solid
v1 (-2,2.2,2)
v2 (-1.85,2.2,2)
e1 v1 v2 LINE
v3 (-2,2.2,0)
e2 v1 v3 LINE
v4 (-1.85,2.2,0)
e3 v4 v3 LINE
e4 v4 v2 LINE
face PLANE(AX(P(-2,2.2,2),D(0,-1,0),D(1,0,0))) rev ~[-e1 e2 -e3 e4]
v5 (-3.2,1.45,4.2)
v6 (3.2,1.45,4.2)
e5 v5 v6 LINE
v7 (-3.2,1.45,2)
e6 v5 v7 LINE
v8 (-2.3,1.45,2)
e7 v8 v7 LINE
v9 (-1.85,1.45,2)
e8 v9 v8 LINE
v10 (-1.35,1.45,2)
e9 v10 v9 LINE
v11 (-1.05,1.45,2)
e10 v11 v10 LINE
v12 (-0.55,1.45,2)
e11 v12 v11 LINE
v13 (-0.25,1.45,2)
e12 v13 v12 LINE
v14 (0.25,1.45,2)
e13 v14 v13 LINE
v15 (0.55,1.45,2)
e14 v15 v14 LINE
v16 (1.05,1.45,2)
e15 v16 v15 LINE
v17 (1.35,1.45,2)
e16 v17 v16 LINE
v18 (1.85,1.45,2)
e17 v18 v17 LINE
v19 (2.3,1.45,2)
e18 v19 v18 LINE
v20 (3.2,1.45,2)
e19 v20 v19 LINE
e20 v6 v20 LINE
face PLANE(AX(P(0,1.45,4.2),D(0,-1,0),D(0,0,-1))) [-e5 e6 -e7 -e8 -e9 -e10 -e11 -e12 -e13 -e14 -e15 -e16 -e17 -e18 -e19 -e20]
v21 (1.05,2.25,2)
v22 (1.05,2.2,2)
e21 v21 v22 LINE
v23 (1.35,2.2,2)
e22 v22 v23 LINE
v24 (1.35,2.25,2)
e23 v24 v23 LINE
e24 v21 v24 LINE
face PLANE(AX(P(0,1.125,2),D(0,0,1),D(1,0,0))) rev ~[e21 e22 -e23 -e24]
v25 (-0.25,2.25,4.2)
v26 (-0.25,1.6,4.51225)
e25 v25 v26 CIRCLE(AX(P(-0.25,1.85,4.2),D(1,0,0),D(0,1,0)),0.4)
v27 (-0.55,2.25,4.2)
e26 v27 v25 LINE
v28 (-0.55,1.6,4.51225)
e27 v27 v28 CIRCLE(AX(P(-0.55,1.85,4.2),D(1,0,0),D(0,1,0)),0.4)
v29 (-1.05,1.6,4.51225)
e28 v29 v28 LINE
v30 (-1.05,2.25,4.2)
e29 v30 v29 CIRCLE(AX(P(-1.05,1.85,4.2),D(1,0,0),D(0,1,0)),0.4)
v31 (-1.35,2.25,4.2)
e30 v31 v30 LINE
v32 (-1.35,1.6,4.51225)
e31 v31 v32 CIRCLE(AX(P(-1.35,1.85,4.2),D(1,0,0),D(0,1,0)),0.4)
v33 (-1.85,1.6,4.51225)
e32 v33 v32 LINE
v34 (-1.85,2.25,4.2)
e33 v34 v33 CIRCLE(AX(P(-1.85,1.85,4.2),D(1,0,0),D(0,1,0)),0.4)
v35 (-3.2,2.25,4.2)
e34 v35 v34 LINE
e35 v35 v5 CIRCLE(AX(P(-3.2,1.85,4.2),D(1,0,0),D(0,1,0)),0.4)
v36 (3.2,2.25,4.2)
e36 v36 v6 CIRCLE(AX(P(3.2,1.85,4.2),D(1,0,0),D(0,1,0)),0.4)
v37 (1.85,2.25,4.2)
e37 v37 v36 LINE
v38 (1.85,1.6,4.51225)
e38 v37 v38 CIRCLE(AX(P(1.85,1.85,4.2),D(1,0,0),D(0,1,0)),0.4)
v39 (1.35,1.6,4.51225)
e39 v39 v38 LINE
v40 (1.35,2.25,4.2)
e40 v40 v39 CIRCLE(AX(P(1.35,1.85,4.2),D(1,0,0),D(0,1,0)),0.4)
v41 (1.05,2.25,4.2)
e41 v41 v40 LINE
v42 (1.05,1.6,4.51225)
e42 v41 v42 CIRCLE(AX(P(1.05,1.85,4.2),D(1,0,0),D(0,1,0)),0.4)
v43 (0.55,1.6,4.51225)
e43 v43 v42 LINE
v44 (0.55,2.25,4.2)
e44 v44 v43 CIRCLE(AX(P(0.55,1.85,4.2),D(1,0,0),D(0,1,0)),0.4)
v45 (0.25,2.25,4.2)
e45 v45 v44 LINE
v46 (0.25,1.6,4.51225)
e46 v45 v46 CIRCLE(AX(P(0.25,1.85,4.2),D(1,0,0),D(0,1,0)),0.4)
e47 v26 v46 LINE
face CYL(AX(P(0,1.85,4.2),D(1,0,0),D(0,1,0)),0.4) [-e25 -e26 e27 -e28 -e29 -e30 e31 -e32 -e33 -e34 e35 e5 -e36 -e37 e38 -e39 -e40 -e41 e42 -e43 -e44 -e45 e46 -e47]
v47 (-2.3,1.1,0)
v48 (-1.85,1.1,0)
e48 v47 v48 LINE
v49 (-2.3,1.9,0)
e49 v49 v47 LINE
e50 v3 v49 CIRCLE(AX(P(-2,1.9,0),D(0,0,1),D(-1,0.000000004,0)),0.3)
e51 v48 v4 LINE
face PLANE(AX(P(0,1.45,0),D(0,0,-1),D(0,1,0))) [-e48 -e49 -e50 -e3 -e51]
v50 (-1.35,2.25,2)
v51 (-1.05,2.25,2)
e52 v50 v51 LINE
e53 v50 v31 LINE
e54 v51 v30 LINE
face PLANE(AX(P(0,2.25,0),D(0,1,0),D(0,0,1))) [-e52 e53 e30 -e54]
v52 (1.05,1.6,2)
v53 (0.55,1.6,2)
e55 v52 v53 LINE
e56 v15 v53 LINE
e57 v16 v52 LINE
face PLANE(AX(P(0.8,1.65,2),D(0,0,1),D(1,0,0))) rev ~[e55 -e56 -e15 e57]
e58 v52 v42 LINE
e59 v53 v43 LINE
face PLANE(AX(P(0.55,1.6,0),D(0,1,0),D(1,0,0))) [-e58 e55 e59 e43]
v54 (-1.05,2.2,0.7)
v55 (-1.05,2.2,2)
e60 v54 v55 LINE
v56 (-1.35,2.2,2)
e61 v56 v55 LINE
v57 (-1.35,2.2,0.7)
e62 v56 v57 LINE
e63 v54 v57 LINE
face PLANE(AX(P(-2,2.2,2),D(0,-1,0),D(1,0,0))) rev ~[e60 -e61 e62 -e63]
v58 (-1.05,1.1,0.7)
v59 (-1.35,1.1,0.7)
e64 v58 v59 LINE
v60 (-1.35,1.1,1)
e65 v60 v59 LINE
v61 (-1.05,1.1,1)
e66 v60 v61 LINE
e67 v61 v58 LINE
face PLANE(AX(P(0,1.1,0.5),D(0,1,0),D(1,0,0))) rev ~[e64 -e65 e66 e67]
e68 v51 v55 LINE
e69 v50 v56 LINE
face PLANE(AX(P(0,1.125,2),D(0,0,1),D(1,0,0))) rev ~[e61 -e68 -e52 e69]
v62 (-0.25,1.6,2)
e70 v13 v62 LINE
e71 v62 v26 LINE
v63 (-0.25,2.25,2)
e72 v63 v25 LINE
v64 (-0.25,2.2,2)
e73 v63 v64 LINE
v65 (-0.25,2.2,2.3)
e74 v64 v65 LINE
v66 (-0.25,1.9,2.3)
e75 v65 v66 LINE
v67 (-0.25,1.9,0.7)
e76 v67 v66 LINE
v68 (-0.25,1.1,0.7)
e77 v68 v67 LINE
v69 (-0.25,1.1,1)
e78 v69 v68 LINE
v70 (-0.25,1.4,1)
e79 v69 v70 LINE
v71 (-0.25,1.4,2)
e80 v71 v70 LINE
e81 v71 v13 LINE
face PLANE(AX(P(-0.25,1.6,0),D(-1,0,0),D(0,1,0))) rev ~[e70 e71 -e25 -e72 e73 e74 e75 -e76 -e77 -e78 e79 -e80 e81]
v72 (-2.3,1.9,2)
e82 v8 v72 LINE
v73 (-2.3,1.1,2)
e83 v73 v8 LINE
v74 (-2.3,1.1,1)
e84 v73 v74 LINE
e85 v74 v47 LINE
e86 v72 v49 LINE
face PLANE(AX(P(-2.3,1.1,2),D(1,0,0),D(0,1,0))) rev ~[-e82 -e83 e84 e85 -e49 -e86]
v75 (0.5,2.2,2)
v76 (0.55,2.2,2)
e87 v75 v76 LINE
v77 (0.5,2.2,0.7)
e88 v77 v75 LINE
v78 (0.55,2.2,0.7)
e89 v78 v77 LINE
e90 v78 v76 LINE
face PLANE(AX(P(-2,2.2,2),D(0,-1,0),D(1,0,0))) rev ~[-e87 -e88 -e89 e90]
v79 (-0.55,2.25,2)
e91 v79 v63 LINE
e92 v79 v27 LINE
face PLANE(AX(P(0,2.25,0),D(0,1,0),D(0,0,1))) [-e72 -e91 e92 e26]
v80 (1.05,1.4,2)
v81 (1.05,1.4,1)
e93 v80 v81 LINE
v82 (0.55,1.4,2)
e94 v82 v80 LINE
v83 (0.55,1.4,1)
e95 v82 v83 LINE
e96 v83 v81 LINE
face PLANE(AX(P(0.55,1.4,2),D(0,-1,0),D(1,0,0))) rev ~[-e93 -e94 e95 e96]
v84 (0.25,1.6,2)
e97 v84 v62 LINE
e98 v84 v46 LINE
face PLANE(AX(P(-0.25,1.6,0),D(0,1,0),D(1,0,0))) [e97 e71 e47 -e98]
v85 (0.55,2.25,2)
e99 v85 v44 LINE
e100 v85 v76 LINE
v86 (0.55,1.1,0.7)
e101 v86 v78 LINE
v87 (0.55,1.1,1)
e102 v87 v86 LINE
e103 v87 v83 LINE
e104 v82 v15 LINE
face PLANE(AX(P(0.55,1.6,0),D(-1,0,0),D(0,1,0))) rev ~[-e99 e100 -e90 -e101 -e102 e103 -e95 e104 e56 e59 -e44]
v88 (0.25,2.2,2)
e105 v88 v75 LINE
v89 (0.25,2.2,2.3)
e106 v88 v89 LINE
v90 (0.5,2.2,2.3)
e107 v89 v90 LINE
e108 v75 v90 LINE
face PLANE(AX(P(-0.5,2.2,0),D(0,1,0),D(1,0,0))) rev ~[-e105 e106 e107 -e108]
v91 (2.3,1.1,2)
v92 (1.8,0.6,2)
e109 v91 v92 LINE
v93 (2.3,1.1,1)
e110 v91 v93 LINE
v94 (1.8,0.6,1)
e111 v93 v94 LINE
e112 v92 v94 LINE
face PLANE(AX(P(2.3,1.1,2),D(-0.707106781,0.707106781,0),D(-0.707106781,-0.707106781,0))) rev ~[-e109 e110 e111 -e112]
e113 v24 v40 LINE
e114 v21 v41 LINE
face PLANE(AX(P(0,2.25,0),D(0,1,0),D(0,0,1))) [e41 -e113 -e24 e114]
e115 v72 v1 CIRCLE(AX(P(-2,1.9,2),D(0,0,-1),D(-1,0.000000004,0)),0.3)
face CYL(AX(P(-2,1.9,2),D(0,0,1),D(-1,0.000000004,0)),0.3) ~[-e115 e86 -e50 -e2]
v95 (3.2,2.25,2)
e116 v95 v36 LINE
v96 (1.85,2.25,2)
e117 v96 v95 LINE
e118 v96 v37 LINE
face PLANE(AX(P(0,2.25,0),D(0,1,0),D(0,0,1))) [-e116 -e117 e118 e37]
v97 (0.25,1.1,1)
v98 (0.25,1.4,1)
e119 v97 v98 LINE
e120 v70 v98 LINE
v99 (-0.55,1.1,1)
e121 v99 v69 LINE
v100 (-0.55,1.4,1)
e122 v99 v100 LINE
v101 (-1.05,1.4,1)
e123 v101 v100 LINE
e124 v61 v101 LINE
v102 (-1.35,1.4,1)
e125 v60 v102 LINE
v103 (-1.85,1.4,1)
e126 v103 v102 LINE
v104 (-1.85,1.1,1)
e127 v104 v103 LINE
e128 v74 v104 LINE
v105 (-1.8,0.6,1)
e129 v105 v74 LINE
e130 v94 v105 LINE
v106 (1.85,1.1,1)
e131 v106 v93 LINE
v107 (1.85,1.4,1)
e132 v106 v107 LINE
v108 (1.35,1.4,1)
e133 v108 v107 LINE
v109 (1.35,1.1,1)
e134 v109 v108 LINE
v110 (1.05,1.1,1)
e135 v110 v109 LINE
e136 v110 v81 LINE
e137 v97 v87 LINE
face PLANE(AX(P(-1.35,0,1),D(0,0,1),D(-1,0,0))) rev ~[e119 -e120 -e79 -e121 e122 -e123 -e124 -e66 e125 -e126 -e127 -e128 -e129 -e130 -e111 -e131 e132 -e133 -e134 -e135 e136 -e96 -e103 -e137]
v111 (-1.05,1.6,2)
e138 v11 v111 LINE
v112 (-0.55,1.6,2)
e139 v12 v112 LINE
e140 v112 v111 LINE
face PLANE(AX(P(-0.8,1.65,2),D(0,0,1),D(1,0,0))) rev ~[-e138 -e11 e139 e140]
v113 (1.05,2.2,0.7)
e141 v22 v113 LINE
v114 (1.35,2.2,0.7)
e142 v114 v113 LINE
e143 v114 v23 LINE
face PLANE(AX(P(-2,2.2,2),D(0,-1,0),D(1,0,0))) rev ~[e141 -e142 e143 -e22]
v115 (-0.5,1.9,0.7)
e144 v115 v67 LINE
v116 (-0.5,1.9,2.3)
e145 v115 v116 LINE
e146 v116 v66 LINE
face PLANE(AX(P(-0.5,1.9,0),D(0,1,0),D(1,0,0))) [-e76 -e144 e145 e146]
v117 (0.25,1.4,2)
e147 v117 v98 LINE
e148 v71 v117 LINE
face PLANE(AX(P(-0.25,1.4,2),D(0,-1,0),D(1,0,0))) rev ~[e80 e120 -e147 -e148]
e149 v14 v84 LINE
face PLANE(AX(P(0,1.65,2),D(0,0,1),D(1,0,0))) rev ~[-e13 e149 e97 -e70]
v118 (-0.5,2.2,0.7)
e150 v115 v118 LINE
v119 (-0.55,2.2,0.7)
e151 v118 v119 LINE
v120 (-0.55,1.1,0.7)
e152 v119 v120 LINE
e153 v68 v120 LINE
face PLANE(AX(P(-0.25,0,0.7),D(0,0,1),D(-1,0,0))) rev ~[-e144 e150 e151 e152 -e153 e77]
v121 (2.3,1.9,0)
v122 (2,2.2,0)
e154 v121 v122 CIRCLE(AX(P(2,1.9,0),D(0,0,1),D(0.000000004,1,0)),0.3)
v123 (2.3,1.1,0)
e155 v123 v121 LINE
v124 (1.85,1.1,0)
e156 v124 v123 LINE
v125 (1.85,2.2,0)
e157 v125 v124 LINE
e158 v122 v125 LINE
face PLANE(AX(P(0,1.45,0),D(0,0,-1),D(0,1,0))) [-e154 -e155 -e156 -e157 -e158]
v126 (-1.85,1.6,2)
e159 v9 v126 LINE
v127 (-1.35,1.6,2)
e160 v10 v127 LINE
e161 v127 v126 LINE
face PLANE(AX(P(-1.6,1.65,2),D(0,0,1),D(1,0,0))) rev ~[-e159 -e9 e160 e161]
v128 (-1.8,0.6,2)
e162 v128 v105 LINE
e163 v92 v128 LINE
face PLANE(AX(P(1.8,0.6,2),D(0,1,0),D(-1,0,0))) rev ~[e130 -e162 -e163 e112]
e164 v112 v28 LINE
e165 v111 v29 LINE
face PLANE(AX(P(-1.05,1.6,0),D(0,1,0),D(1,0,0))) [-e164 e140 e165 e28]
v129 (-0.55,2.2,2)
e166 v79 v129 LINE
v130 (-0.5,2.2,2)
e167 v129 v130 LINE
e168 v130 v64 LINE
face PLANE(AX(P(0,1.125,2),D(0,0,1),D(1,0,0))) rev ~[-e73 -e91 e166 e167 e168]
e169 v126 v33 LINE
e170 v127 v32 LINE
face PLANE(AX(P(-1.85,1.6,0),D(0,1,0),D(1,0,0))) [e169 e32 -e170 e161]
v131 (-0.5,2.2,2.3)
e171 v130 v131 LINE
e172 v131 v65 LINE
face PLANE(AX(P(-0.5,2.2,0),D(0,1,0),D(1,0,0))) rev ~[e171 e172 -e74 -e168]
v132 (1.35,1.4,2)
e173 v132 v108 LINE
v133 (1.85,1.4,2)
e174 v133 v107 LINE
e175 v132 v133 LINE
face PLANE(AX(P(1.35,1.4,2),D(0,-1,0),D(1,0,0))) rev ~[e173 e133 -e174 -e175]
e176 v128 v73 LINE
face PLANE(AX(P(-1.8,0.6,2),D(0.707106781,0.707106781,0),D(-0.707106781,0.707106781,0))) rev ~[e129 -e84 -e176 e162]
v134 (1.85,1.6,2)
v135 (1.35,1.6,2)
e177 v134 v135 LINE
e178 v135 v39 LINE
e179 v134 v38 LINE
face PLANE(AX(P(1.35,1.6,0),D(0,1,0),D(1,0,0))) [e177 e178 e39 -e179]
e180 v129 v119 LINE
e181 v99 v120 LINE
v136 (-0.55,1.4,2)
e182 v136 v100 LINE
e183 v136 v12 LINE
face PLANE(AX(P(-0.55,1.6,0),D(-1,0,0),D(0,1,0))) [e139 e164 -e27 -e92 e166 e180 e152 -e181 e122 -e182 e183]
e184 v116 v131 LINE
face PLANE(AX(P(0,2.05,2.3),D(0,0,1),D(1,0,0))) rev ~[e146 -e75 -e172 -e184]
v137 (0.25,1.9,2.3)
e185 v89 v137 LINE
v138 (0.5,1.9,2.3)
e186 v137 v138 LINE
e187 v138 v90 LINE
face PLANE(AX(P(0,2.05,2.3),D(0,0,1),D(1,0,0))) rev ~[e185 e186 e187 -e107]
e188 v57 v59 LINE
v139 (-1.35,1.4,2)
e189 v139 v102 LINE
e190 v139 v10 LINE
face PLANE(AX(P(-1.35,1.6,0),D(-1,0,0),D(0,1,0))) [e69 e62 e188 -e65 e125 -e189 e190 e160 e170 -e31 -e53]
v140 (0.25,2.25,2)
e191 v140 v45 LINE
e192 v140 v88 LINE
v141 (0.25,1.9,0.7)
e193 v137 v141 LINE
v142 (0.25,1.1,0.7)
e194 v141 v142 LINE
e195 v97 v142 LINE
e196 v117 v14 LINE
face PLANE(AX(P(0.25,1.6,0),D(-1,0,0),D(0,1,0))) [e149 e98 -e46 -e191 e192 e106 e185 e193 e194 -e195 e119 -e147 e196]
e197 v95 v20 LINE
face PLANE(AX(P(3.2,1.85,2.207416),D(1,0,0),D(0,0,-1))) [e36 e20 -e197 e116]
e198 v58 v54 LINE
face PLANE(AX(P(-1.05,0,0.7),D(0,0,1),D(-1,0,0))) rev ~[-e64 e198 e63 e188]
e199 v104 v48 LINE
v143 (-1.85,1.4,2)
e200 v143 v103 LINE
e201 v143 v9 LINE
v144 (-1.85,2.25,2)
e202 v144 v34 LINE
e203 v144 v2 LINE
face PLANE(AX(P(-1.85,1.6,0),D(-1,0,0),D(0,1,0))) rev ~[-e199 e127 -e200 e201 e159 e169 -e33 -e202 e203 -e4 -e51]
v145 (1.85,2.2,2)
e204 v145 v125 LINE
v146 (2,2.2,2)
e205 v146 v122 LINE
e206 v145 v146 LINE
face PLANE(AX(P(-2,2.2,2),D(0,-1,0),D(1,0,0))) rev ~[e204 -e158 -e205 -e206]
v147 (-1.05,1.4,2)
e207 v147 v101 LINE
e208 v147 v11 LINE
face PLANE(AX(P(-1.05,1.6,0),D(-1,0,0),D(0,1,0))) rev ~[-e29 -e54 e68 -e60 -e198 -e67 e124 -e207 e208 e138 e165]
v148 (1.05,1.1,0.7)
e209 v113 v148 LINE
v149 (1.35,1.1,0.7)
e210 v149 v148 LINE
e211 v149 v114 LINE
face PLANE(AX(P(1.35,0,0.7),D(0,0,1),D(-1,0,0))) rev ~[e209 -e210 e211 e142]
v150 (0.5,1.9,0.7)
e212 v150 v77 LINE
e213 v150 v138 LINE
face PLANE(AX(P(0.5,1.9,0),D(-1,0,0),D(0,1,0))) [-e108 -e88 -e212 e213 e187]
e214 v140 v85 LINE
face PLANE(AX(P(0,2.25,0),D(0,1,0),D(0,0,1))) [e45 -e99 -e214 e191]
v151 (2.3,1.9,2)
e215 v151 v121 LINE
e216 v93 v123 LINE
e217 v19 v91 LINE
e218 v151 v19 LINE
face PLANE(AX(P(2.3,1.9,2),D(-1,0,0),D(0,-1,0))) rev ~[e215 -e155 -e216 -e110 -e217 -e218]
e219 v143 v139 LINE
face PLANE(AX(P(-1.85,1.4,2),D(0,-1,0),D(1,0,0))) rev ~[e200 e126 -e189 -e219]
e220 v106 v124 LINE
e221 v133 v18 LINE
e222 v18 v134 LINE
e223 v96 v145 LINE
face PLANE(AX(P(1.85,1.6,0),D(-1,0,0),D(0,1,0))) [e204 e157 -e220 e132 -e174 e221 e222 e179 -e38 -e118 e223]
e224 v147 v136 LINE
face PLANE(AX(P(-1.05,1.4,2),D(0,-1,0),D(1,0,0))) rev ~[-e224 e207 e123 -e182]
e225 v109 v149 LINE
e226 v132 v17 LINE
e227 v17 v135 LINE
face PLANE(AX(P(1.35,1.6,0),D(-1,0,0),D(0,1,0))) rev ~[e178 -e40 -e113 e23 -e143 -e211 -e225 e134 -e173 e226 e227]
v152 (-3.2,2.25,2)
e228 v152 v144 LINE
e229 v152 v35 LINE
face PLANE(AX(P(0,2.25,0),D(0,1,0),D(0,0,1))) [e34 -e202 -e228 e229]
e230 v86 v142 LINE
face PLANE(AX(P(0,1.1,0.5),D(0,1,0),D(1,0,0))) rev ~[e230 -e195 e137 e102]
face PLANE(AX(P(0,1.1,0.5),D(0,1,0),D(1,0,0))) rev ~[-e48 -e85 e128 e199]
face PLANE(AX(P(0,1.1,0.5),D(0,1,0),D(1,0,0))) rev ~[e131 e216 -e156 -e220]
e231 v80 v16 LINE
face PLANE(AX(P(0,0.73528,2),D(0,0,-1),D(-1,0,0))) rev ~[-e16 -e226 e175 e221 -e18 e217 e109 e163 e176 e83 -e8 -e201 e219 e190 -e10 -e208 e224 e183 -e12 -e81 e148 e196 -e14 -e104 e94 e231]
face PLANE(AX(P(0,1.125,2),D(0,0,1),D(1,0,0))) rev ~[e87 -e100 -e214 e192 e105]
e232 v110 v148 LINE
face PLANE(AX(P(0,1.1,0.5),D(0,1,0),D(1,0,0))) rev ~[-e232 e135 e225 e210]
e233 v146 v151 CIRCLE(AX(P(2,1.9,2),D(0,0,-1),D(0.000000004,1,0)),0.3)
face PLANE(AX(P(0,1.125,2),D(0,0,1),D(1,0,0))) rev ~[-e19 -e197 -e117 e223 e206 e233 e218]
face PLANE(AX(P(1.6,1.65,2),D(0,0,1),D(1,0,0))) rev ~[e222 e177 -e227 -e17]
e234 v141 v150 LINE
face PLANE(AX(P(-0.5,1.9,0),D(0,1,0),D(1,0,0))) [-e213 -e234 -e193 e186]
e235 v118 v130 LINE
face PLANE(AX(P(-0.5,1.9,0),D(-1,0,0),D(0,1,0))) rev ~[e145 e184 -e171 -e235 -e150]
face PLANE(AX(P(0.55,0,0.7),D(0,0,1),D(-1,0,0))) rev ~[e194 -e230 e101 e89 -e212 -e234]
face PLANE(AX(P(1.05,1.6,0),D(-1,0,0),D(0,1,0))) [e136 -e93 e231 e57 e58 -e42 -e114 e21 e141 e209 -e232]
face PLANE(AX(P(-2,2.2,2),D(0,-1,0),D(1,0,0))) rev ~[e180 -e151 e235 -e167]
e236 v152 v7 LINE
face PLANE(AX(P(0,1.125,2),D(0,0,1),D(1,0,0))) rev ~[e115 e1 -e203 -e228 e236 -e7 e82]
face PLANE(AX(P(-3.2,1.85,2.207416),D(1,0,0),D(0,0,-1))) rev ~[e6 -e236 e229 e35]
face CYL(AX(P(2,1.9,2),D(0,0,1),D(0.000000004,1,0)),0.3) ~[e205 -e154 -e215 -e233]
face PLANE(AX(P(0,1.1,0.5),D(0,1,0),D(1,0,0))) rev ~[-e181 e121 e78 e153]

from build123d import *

# Parameters (mm, degrees)
BOSS_EXTRUDE1_DEPTH = 2
BOSS_EXTRUDE2_DEPTH = 3.2
SKETCH3_OUTSIDE_W   = 10.04
SKETCH3_OUTSIDE_H   = 5.89
CUT_EXTRUDE1_DEPTH  = 4.8
SKETCH4_W           = 1
SKETCH4_H           = 0.3
CUT_EXTRUDE3_DEPTH  = 2.3
CUT_EXTRUDE6_DEPTH  = 7.038418667
SKETCH6_W           = 0.5
SKETCH6_H           = 0.5
CUT_EXTRUDE7_DEPTH  = 2
SKETCH7_W           = 0.5
SKETCH7_H           = 0.8
CUT_EXTRUDE8_DEPTH  = 7
SKETCH8_W           = 6
SKETCH8_H           = 1
CUT_EXTRUDE9_DEPTH  = 0.5


with BuildPart() as part:
    # Sketch1 → Boss-Extrude1 (new body)
    with BuildSketch(Plane.XY):
        with BuildLine():
            Line((-2.7, 1.5), (2.7, 1.5))
            ThreePointArc((2.7, 1.5), (2.912132034, 1.412132034), (3, 1.2))
            Line((3, 1.2), (3, 0))
            Line((3, 0), (-3, 0))
            Line((-3, 0), (-3, 1.2))
            ThreePointArc((-3, 1.2), (-2.912132034, 1.412132034), (-2.7, 1.5))
        make_face()
    extrude(amount=BOSS_EXTRUDE1_DEPTH)

    # Sketch2 → Boss-Extrude2 (add, symmetric)
    with BuildSketch(Plane(origin=(0, 0, 0), x_dir=(0, 0, -1), z_dir=(1, 0, 0))):
        with BuildLine():
            Line((0, 2.25), (-4.2, 2.25))
            ThreePointArc((-4.2, 2.25), (-4.6, 1.85), (-4.2, 1.45))
            Line((-4.2, 1.45), (0, 1.45))
            Line((0, 1.45), (0, 2.25))
        make_face()
    extrude(amount=BOSS_EXTRUDE2_DEPTH, both=True)

    # Sketch3 outside → Cut-Extrude1 (cut)
    with BuildSketch(Plane.XY.offset(2)):
        with Locations((0, 1.125)):
            Rectangle(SKETCH3_OUTSIDE_W, SKETCH3_OUTSIDE_H)
        with BuildLine():
            Line((-2, 2.2), (2, 2.2))
            ThreePointArc((2, 2.2), (2.212132034, 2.112132034), (2.3, 1.9))
            Line((2.3, 1.9), (2.3, 1.1))
            Line((2.3, 1.1), (1.8, 0.6))
            Line((1.8, 0.6), (-1.8, 0.6))
            Line((-1.8, 0.6), (-2.3, 1.1))
            Line((-2.3, 1.1), (-2.3, 1.9))
            ThreePointArc((-2.3, 1.9), (-2.212132034, 2.112132034), (-2, 2.2))
        make_face(mode=Mode.SUBTRACT)
    extrude(amount=-CUT_EXTRUDE1_DEPTH, mode=Mode.SUBTRACT)

    # Sketch4 → Cut-Extrude3 (cut)
    with BuildSketch(Plane.XY):
        with Locations((0, 2.05)):
            Rectangle(SKETCH4_W, SKETCH4_H)
    extrude(amount=CUT_EXTRUDE3_DEPTH, mode=Mode.SUBTRACT)

    # Sketch5 → Cut-Extrude6 (cut, through all)
    with BuildSketch(Plane(origin=(0, 0, 0), x_dir=(1, 0, 0), z_dir=(0, 1, 0))):
        Polygon((-1.85, 0), (1.85, 0), (1.85, -1), (1.35, -1), (1.35, -0.7), (1.05, -0.7), (1.05, -1), (0.55, -1), (0.55, -0.7), (0.25, -0.7), (0.25, -1), (-0.25, -1), (-0.25, -0.7), (-0.55, -0.7), (-0.55, -1), (-1.05, -1), (-1.05, -0.7), (-1.35, -0.7), (-1.35, -1), (-1.85, -1), align=None)
    extrude(amount=CUT_EXTRUDE6_DEPTH, mode=Mode.SUBTRACT)

    # Sketch6 → Cut-Extrude7 (cut)
    with BuildSketch(Plane.XY.offset(2)):
        with Locations((1.6, 1.65)):
            Rectangle(SKETCH6_W, SKETCH6_H)
        with Locations((0.8, 1.65)):
            Rectangle(SKETCH6_W, SKETCH6_H)
        with Locations((0, 1.65)):
            Rectangle(SKETCH6_W, SKETCH6_H)
        with Locations((-0.8, 1.65)):
            Rectangle(SKETCH6_W, SKETCH6_H)
        with Locations((-1.6, 1.65)):
            Rectangle(SKETCH6_W, SKETCH6_H)
    extrude(amount=-CUT_EXTRUDE7_DEPTH, mode=Mode.SUBTRACT)

    # Sketch7 → Cut-Extrude8 (cut)
    with BuildSketch(Plane.XY):
        with Locations((1.6, 2)):
            Rectangle(SKETCH7_W, SKETCH7_H)
        with Locations((0.8, 2)):
            Rectangle(SKETCH7_W, SKETCH7_H)
        with Locations((0, 2)):
            Rectangle(SKETCH7_W, SKETCH7_H)
        with Locations((-0.8, 2)):
            Rectangle(SKETCH7_W, SKETCH7_H)
        with Locations((-1.6, 2)):
            Rectangle(SKETCH7_W, SKETCH7_H)
    extrude(amount=CUT_EXTRUDE8_DEPTH, mode=Mode.SUBTRACT)

    # Sketch8 → Cut-Extrude9 (cut)
    with BuildSketch(Plane(origin=(0, 0.6, 0), x_dir=(1, 0, 0), z_dir=(0, 1, 0))):
        with Locations((0, -0.5)):
            Rectangle(SKETCH8_W, SKETCH8_H)
    extrude(amount=CUT_EXTRUDE9_DEPTH, mode=Mode.SUBTRACT)


solid = part.part
